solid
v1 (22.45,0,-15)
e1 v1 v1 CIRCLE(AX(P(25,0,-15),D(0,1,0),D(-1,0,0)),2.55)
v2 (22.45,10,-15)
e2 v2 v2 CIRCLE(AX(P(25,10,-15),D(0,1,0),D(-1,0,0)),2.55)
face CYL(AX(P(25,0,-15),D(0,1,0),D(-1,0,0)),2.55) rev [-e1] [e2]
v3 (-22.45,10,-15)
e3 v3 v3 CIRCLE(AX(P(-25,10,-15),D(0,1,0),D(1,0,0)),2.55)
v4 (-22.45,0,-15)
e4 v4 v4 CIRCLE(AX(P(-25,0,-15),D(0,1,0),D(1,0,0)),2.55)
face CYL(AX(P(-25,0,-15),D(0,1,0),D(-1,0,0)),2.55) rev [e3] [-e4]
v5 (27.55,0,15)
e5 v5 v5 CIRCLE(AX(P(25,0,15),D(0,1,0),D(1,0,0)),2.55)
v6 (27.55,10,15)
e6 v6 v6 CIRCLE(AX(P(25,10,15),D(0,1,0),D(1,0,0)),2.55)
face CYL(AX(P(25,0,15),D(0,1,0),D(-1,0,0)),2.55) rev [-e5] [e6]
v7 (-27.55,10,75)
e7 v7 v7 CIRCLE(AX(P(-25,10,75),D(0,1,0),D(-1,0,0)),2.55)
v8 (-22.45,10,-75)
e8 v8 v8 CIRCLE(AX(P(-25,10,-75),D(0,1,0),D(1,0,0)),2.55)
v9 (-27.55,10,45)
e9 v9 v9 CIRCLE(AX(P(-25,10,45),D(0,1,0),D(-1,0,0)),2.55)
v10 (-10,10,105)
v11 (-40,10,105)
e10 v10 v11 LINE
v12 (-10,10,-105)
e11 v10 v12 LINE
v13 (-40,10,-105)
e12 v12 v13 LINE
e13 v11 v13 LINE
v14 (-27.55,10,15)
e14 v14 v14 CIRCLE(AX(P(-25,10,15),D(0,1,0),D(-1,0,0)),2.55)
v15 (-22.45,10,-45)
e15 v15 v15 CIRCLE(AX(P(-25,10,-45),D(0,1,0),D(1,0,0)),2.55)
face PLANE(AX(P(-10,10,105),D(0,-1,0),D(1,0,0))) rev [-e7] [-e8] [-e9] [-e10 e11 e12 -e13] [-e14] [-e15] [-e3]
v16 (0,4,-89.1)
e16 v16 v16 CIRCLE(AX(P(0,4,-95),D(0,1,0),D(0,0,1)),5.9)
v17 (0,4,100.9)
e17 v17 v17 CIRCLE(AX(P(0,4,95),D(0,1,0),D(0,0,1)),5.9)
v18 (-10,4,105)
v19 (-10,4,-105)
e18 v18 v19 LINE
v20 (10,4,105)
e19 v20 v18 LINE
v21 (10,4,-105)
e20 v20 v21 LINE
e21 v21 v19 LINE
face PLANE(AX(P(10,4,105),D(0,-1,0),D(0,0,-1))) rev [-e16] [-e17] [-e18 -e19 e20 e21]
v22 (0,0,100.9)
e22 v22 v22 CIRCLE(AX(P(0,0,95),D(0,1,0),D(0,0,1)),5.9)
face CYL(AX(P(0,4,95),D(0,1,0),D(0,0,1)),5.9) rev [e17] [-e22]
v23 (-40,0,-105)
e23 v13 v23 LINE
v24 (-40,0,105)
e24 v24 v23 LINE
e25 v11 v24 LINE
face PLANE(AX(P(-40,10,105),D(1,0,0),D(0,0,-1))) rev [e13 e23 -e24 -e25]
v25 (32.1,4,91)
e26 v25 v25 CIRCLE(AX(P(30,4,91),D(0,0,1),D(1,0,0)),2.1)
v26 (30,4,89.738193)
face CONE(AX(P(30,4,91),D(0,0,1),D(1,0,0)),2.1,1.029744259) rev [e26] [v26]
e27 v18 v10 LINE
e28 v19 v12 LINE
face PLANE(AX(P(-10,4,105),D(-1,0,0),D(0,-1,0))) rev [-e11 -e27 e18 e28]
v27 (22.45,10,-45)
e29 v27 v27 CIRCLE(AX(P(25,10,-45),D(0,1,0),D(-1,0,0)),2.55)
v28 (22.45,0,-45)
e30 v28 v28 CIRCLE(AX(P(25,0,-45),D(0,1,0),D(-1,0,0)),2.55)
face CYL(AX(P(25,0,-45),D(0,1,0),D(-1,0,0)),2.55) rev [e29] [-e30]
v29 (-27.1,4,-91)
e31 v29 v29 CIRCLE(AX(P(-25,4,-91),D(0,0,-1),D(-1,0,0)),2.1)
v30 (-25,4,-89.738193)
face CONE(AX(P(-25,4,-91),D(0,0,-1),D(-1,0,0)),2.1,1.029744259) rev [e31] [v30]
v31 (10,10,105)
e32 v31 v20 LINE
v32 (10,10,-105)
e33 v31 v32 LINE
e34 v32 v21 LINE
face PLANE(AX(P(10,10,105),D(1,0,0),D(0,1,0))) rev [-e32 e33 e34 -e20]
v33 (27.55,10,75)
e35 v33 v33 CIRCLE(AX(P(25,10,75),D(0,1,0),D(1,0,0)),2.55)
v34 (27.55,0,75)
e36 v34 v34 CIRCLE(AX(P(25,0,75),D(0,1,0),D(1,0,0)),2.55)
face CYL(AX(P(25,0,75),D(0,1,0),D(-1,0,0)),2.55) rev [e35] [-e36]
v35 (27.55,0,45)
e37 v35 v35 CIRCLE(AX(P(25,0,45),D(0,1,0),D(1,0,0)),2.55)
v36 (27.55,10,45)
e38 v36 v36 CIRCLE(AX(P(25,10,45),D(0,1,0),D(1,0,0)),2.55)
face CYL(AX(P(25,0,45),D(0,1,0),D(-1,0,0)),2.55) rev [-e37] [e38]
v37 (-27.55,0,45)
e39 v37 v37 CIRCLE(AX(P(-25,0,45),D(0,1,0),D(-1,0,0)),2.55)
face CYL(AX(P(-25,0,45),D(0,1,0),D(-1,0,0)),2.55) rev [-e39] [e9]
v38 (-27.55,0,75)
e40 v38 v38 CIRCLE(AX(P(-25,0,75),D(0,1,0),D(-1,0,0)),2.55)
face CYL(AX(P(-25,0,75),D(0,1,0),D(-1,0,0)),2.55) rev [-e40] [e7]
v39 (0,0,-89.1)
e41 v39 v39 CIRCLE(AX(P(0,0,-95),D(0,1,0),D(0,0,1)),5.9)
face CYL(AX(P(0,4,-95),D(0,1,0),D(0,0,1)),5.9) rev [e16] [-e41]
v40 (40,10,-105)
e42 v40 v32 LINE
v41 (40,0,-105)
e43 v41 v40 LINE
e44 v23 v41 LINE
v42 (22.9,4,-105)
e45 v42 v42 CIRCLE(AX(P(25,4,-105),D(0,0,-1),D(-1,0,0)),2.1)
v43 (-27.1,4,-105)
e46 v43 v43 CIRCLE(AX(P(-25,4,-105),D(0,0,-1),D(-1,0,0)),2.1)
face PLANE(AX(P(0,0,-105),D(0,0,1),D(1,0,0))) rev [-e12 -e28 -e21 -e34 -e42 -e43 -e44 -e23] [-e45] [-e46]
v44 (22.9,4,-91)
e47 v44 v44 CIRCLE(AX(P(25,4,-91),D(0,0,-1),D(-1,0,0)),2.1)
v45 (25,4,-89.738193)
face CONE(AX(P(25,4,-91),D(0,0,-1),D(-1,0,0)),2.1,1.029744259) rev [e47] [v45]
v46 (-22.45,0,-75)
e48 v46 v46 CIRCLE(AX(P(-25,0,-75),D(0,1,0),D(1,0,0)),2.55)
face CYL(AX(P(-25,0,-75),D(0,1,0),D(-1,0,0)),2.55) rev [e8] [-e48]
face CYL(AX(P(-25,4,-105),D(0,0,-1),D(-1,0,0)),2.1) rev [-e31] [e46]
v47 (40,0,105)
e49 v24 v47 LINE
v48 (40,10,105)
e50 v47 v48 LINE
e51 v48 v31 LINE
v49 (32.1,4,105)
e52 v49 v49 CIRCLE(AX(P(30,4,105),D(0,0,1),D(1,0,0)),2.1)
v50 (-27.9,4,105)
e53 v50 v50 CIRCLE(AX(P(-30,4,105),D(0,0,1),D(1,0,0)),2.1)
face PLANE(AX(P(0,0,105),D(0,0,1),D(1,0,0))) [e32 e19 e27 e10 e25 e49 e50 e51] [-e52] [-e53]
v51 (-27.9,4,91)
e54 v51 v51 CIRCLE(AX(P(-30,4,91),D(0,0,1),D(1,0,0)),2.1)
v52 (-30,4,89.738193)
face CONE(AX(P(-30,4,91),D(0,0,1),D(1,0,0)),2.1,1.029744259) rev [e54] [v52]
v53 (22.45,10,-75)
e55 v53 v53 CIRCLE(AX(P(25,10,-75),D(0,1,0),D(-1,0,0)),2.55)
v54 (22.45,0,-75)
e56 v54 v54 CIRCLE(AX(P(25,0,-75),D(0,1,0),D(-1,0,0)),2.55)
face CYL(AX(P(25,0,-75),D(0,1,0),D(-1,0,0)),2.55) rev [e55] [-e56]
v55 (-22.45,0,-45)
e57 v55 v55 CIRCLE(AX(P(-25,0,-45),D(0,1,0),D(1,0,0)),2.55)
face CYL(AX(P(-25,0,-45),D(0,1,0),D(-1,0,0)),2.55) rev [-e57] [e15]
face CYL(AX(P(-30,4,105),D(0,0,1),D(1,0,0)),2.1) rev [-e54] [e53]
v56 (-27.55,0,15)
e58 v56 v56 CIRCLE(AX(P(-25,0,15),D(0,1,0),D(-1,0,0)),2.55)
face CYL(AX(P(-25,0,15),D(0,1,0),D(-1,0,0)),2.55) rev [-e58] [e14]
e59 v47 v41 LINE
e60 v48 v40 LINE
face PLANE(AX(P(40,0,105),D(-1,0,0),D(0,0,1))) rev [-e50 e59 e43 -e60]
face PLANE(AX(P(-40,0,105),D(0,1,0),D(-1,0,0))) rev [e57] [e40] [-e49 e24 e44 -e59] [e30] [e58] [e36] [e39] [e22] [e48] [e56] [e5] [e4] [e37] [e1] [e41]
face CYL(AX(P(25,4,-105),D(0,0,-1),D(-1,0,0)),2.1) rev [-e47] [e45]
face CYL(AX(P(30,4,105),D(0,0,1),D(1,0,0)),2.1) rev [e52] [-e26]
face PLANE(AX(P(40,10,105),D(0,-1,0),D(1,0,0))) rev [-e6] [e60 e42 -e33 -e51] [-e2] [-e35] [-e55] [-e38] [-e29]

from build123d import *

# Parameters (mm, degrees)
AUFSATZ_LINEAR_AUSTRAGEN1_DEPTH = 105
M5_GEWINDEBOHRUNG1_D            = 4.2
M5_GEWINDEBOHRUNG1_DEPTH        = 14
M5_GEWINDEBOHRUNG1_TIP          = 1.2618073
M5_GEWINDEBOHRUNG2_D            = 4.2
M5_GEWINDEBOHRUNG2_DEPTH        = 14
M5_GEWINDEBOHRUNG2_TIP          = 1.2618073
SKIZZE10_R                      = 2.55
SCHNITT_LINEAR_AUSTRAGEN1_DEPTH = 11
G1_4_GEWINDEBOHRUNG1_D          = 11.8


with BuildPart() as part:
    # Skizze1 → Aufsatz-Linear austragen1 (new body, symmetric)
    with BuildSketch(Plane.XY):
        Polygon((-40, 0), (40, 0), (40, 10), (10, 10), (10, 4), (-10, 4), (-10, 10), (-40, 10), align=None)
    extrude(amount=AUFSATZ_LINEAR_AUSTRAGEN1_DEPTH, both=True)

    # M5 Gewindebohrung1
    with Locations(Plane.XY.offset(105)):
        with Locations((-30, 4), (30, 4)):
            Hole(M5_GEWINDEBOHRUNG1_D / 2, depth=M5_GEWINDEBOHRUNG1_DEPTH)
            with Locations((0, 0, -(M5_GEWINDEBOHRUNG1_DEPTH + M5_GEWINDEBOHRUNG1_TIP / 2))):  # 118° drill point
                Cone(0, M5_GEWINDEBOHRUNG1_D / 2, M5_GEWINDEBOHRUNG1_TIP, mode=Mode.SUBTRACT)

    # M5 Gewindebohrung2
    with Locations(Plane(origin=(0, 0, -105), x_dir=(-1, 0, 0), z_dir=(0, 0, -1))):
        with Locations((-25, 4), (25, 4)):
            Hole(M5_GEWINDEBOHRUNG2_D / 2, depth=M5_GEWINDEBOHRUNG2_DEPTH)
            with Locations((0, 0, -(M5_GEWINDEBOHRUNG2_DEPTH + M5_GEWINDEBOHRUNG2_TIP / 2))):  # 118° drill point
                Cone(0, M5_GEWINDEBOHRUNG2_D / 2, M5_GEWINDEBOHRUNG2_TIP, mode=Mode.SUBTRACT)

    # Skizze10 → Schnitt-Linear austragen1 (cut, through all)
    with BuildSketch(Plane(origin=(0, 10, 0), x_dir=(1, 0, 0), z_dir=(0, 1, 0))):
        with Locations((25, 75)):
            Circle(SKIZZE10_R)
        with Locations((25, 45)):
            Circle(SKIZZE10_R)
        with Locations((25, 15)):
            Circle(SKIZZE10_R)
        with Locations((25, -15)):
            Circle(SKIZZE10_R)
        with Locations((25, -45)):
            Circle(SKIZZE10_R)
        with Locations((25, -75)):
            Circle(SKIZZE10_R)
        with Locations((-25, -75)):
            Circle(SKIZZE10_R)
        with Locations((-25, -45)):
            Circle(SKIZZE10_R)
        with Locations((-25, -15)):
            Circle(SKIZZE10_R)
        with Locations((-25, 15)):
            Circle(SKIZZE10_R)
        with Locations((-25, 45)):
            Circle(SKIZZE10_R)
        with Locations((-25, 75)):
            Circle(SKIZZE10_R)
    extrude(amount=-SCHNITT_LINEAR_AUSTRAGEN1_DEPTH, mode=Mode.SUBTRACT)

    # G1/4 Gewindebohrung1 (through all)
    with Locations(Plane(origin=(0, 4, 0), x_dir=(1, 0, 0), z_dir=(0, 1, 0))):
        with Locations((0, 95), (0, -95)):
            Hole(G1_4_GEWINDEBOHRUNG1_D / 2)


solid = part.part
